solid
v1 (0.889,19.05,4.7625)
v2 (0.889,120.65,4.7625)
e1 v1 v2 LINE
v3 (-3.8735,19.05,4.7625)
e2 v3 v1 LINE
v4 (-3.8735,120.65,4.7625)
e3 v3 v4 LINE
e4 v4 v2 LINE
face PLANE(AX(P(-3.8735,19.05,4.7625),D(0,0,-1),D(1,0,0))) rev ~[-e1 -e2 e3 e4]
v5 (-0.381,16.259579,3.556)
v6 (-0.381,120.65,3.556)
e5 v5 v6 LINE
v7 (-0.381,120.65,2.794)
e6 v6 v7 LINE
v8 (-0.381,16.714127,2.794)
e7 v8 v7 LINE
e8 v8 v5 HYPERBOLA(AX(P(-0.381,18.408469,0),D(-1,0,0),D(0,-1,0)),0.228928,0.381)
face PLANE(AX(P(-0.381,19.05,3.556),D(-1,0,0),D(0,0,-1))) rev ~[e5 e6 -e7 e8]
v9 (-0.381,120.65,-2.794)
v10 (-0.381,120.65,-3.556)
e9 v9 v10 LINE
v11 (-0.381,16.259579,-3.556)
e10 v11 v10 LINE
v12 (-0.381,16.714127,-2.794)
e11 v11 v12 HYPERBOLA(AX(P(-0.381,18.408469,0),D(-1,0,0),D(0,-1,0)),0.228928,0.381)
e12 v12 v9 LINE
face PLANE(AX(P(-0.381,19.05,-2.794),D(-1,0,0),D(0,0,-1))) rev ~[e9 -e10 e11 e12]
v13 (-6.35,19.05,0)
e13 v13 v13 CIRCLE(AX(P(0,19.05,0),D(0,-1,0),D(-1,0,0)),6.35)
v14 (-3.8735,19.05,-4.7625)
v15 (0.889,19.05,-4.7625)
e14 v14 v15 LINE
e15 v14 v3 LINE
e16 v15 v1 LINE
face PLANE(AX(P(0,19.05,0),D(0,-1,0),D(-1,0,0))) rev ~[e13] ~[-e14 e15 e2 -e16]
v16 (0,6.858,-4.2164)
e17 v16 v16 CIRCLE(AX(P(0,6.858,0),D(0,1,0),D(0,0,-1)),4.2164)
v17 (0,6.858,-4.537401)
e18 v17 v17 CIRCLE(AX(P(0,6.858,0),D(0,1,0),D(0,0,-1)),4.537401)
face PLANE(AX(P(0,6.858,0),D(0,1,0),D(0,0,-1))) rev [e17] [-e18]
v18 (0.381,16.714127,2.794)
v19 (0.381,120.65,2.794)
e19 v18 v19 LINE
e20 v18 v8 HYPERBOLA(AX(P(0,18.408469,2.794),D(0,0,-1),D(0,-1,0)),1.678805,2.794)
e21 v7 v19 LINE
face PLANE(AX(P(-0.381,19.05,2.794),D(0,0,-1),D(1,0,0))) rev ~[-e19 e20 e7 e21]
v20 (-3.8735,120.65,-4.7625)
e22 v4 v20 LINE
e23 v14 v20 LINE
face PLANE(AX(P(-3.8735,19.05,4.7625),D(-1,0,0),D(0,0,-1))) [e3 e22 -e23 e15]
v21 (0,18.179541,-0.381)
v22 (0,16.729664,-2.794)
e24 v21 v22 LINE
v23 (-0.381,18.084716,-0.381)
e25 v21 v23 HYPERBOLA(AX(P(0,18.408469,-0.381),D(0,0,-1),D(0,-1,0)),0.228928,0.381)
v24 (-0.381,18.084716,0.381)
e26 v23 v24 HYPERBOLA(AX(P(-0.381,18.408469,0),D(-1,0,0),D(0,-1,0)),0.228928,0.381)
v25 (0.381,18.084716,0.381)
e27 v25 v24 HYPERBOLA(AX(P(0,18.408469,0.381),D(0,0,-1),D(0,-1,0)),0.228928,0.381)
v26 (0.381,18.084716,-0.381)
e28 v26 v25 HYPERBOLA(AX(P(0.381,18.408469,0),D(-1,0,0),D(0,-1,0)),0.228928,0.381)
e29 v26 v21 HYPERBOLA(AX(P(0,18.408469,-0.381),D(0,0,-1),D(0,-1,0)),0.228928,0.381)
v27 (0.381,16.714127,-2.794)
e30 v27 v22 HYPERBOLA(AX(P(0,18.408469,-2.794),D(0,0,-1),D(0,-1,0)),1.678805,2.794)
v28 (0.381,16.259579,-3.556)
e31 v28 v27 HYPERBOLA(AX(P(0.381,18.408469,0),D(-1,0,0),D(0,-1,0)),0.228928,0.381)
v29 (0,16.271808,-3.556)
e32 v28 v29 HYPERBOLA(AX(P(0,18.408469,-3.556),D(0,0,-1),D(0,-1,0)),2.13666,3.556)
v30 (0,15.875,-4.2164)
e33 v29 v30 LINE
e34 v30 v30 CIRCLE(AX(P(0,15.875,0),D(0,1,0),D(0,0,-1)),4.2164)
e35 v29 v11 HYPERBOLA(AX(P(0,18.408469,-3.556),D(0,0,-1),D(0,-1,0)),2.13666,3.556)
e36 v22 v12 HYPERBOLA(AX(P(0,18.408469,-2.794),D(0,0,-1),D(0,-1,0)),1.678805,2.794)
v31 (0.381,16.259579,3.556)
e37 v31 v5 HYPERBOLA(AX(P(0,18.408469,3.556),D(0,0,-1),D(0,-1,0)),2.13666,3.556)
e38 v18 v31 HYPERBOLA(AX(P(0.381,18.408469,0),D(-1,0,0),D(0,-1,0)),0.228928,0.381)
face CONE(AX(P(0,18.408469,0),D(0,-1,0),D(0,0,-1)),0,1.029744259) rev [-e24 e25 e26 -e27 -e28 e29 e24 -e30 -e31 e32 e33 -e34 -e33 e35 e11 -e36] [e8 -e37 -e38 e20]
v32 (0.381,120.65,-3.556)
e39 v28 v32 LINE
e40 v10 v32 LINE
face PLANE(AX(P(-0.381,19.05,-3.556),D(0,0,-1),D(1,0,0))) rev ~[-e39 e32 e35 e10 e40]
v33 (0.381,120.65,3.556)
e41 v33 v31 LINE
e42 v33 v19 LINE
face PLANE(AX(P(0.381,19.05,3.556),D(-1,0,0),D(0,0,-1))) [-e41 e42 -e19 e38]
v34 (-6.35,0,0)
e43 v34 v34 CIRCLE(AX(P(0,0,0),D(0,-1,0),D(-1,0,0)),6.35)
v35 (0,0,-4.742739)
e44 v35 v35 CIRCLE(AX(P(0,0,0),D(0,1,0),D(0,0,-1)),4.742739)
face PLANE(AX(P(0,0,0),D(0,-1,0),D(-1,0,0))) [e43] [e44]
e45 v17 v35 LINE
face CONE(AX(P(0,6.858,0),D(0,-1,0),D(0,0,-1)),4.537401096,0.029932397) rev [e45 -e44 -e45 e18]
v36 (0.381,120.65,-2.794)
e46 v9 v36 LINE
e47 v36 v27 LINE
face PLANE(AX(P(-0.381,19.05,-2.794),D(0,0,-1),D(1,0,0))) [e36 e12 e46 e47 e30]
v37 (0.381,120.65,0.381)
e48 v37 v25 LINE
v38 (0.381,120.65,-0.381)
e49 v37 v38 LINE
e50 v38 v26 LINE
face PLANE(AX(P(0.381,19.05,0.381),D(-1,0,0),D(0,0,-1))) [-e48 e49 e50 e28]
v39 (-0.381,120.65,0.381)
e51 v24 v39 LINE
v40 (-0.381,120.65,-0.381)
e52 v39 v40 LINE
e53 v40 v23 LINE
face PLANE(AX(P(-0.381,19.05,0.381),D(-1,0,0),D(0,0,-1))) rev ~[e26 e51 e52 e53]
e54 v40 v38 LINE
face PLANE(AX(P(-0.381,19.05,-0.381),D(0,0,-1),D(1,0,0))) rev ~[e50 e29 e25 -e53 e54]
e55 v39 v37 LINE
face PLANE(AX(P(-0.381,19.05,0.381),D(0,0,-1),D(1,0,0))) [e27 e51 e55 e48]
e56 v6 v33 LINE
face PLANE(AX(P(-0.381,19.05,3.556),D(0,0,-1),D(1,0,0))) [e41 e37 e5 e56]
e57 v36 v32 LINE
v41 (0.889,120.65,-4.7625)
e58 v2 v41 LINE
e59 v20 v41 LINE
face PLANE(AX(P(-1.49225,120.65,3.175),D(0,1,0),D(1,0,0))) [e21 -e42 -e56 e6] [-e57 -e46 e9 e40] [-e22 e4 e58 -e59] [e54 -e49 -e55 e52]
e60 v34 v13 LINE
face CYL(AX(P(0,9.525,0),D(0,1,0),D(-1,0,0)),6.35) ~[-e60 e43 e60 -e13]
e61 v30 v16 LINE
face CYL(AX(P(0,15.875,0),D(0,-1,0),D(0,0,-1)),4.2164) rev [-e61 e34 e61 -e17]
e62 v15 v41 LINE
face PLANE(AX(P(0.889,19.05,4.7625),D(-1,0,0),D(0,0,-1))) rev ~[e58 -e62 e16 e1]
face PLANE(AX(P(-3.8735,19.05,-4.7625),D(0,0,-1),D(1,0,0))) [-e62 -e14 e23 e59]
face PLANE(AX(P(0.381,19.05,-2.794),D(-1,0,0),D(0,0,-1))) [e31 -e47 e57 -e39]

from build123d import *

# Parameters (mm, degrees)
SKETCH1_W            = 6.35
SKETCH1_H            = 19.05
SKETCH2_W            = 4.7625
SKETCH2_H            = 3.175
SKETCH2_W_2          = 0.762
SKETCH2_H_2          = 0.762
BOSS_EXTRUDE1_DEPTH  = 101.6
SKETCH6_W            = 0.762
SKETCH6_H            = 0.762
CUT_EXTRUDE2_DEPTH   = 6.35
LPATTERN1_COUNT      = 2
LPATTERN1_PITCH      = 3.175
LPATTERN1_COUNT_DIR2 = 2
LPATTERN1_PITCH_DIR2 = 3.175


with BuildPart() as part:
    # Sketch1 → Revolve1 (revolve)
    with BuildSketch(Plane.XY):
        with Locations((-3.175, 9.525)):
            Rectangle(SKETCH1_W, SKETCH1_H)
    revolve(axis=Axis((0, 19.05, 0), (0, -1, 0)))

    # Sketch2 → Boss-Extrude1 (add)
    with BuildSketch(Plane(origin=(0, 19.05, 0), x_dir=(1, 0, 0), z_dir=(0, 1, 0))):
        with Locations((-1.49225, 0)):
            Rectangle(SKETCH2_W, SKETCH2_H)
        Rectangle(SKETCH2_W_2, SKETCH2_H_2, mode=Mode.SUBTRACT)
    boss_extrude1 = extrude(amount=BOSS_EXTRUDE1_DEPTH)

    # Sketch6 → Cut-Extrude2 (cut)
    with BuildSketch(Plane(origin=(0, 19.05, 0), x_dir=(1, 0, 0), z_dir=(0, 1, 0))):
        Rectangle(SKETCH6_W, SKETCH6_H)
    cut_extrude2 = extrude(amount=-CUT_EXTRUDE2_DEPTH, mode=Mode.SUBTRACT)

    # LPattern1: Boss-Extrude1, Cut-Extrude2 2 × 2
    with Locations(*[Vector(0, 0, -1) * (i * LPATTERN1_PITCH) + Vector(0, 0, 1) * (j * LPATTERN1_PITCH_DIR2) for i in range(LPATTERN1_COUNT) for j in range(LPATTERN1_COUNT_DIR2) if (i, j) != (0, 0)]):
        add(boss_extrude1)
        add(cut_extrude2, mode=Mode.SUBTRACT)

    # Sketch4 → 1/8 NPT Tapped Hole1 (revolve, cut)
    with BuildSketch(Plane(origin=(0, 0, 0), x_dir=(0, 0, -1), z_dir=(1, 0, 0))):
        Polygon((0, 0), (0, 18.408468714), (4.2164, 15.875), (4.2164, 6.858), (4.537401096, 6.858), (4.7427388, 0), align=None)
    revolve(axis=Axis((0, -6.35, 0), (0, 1, 0)), mode=Mode.SUBTRACT)


solid = part.part
